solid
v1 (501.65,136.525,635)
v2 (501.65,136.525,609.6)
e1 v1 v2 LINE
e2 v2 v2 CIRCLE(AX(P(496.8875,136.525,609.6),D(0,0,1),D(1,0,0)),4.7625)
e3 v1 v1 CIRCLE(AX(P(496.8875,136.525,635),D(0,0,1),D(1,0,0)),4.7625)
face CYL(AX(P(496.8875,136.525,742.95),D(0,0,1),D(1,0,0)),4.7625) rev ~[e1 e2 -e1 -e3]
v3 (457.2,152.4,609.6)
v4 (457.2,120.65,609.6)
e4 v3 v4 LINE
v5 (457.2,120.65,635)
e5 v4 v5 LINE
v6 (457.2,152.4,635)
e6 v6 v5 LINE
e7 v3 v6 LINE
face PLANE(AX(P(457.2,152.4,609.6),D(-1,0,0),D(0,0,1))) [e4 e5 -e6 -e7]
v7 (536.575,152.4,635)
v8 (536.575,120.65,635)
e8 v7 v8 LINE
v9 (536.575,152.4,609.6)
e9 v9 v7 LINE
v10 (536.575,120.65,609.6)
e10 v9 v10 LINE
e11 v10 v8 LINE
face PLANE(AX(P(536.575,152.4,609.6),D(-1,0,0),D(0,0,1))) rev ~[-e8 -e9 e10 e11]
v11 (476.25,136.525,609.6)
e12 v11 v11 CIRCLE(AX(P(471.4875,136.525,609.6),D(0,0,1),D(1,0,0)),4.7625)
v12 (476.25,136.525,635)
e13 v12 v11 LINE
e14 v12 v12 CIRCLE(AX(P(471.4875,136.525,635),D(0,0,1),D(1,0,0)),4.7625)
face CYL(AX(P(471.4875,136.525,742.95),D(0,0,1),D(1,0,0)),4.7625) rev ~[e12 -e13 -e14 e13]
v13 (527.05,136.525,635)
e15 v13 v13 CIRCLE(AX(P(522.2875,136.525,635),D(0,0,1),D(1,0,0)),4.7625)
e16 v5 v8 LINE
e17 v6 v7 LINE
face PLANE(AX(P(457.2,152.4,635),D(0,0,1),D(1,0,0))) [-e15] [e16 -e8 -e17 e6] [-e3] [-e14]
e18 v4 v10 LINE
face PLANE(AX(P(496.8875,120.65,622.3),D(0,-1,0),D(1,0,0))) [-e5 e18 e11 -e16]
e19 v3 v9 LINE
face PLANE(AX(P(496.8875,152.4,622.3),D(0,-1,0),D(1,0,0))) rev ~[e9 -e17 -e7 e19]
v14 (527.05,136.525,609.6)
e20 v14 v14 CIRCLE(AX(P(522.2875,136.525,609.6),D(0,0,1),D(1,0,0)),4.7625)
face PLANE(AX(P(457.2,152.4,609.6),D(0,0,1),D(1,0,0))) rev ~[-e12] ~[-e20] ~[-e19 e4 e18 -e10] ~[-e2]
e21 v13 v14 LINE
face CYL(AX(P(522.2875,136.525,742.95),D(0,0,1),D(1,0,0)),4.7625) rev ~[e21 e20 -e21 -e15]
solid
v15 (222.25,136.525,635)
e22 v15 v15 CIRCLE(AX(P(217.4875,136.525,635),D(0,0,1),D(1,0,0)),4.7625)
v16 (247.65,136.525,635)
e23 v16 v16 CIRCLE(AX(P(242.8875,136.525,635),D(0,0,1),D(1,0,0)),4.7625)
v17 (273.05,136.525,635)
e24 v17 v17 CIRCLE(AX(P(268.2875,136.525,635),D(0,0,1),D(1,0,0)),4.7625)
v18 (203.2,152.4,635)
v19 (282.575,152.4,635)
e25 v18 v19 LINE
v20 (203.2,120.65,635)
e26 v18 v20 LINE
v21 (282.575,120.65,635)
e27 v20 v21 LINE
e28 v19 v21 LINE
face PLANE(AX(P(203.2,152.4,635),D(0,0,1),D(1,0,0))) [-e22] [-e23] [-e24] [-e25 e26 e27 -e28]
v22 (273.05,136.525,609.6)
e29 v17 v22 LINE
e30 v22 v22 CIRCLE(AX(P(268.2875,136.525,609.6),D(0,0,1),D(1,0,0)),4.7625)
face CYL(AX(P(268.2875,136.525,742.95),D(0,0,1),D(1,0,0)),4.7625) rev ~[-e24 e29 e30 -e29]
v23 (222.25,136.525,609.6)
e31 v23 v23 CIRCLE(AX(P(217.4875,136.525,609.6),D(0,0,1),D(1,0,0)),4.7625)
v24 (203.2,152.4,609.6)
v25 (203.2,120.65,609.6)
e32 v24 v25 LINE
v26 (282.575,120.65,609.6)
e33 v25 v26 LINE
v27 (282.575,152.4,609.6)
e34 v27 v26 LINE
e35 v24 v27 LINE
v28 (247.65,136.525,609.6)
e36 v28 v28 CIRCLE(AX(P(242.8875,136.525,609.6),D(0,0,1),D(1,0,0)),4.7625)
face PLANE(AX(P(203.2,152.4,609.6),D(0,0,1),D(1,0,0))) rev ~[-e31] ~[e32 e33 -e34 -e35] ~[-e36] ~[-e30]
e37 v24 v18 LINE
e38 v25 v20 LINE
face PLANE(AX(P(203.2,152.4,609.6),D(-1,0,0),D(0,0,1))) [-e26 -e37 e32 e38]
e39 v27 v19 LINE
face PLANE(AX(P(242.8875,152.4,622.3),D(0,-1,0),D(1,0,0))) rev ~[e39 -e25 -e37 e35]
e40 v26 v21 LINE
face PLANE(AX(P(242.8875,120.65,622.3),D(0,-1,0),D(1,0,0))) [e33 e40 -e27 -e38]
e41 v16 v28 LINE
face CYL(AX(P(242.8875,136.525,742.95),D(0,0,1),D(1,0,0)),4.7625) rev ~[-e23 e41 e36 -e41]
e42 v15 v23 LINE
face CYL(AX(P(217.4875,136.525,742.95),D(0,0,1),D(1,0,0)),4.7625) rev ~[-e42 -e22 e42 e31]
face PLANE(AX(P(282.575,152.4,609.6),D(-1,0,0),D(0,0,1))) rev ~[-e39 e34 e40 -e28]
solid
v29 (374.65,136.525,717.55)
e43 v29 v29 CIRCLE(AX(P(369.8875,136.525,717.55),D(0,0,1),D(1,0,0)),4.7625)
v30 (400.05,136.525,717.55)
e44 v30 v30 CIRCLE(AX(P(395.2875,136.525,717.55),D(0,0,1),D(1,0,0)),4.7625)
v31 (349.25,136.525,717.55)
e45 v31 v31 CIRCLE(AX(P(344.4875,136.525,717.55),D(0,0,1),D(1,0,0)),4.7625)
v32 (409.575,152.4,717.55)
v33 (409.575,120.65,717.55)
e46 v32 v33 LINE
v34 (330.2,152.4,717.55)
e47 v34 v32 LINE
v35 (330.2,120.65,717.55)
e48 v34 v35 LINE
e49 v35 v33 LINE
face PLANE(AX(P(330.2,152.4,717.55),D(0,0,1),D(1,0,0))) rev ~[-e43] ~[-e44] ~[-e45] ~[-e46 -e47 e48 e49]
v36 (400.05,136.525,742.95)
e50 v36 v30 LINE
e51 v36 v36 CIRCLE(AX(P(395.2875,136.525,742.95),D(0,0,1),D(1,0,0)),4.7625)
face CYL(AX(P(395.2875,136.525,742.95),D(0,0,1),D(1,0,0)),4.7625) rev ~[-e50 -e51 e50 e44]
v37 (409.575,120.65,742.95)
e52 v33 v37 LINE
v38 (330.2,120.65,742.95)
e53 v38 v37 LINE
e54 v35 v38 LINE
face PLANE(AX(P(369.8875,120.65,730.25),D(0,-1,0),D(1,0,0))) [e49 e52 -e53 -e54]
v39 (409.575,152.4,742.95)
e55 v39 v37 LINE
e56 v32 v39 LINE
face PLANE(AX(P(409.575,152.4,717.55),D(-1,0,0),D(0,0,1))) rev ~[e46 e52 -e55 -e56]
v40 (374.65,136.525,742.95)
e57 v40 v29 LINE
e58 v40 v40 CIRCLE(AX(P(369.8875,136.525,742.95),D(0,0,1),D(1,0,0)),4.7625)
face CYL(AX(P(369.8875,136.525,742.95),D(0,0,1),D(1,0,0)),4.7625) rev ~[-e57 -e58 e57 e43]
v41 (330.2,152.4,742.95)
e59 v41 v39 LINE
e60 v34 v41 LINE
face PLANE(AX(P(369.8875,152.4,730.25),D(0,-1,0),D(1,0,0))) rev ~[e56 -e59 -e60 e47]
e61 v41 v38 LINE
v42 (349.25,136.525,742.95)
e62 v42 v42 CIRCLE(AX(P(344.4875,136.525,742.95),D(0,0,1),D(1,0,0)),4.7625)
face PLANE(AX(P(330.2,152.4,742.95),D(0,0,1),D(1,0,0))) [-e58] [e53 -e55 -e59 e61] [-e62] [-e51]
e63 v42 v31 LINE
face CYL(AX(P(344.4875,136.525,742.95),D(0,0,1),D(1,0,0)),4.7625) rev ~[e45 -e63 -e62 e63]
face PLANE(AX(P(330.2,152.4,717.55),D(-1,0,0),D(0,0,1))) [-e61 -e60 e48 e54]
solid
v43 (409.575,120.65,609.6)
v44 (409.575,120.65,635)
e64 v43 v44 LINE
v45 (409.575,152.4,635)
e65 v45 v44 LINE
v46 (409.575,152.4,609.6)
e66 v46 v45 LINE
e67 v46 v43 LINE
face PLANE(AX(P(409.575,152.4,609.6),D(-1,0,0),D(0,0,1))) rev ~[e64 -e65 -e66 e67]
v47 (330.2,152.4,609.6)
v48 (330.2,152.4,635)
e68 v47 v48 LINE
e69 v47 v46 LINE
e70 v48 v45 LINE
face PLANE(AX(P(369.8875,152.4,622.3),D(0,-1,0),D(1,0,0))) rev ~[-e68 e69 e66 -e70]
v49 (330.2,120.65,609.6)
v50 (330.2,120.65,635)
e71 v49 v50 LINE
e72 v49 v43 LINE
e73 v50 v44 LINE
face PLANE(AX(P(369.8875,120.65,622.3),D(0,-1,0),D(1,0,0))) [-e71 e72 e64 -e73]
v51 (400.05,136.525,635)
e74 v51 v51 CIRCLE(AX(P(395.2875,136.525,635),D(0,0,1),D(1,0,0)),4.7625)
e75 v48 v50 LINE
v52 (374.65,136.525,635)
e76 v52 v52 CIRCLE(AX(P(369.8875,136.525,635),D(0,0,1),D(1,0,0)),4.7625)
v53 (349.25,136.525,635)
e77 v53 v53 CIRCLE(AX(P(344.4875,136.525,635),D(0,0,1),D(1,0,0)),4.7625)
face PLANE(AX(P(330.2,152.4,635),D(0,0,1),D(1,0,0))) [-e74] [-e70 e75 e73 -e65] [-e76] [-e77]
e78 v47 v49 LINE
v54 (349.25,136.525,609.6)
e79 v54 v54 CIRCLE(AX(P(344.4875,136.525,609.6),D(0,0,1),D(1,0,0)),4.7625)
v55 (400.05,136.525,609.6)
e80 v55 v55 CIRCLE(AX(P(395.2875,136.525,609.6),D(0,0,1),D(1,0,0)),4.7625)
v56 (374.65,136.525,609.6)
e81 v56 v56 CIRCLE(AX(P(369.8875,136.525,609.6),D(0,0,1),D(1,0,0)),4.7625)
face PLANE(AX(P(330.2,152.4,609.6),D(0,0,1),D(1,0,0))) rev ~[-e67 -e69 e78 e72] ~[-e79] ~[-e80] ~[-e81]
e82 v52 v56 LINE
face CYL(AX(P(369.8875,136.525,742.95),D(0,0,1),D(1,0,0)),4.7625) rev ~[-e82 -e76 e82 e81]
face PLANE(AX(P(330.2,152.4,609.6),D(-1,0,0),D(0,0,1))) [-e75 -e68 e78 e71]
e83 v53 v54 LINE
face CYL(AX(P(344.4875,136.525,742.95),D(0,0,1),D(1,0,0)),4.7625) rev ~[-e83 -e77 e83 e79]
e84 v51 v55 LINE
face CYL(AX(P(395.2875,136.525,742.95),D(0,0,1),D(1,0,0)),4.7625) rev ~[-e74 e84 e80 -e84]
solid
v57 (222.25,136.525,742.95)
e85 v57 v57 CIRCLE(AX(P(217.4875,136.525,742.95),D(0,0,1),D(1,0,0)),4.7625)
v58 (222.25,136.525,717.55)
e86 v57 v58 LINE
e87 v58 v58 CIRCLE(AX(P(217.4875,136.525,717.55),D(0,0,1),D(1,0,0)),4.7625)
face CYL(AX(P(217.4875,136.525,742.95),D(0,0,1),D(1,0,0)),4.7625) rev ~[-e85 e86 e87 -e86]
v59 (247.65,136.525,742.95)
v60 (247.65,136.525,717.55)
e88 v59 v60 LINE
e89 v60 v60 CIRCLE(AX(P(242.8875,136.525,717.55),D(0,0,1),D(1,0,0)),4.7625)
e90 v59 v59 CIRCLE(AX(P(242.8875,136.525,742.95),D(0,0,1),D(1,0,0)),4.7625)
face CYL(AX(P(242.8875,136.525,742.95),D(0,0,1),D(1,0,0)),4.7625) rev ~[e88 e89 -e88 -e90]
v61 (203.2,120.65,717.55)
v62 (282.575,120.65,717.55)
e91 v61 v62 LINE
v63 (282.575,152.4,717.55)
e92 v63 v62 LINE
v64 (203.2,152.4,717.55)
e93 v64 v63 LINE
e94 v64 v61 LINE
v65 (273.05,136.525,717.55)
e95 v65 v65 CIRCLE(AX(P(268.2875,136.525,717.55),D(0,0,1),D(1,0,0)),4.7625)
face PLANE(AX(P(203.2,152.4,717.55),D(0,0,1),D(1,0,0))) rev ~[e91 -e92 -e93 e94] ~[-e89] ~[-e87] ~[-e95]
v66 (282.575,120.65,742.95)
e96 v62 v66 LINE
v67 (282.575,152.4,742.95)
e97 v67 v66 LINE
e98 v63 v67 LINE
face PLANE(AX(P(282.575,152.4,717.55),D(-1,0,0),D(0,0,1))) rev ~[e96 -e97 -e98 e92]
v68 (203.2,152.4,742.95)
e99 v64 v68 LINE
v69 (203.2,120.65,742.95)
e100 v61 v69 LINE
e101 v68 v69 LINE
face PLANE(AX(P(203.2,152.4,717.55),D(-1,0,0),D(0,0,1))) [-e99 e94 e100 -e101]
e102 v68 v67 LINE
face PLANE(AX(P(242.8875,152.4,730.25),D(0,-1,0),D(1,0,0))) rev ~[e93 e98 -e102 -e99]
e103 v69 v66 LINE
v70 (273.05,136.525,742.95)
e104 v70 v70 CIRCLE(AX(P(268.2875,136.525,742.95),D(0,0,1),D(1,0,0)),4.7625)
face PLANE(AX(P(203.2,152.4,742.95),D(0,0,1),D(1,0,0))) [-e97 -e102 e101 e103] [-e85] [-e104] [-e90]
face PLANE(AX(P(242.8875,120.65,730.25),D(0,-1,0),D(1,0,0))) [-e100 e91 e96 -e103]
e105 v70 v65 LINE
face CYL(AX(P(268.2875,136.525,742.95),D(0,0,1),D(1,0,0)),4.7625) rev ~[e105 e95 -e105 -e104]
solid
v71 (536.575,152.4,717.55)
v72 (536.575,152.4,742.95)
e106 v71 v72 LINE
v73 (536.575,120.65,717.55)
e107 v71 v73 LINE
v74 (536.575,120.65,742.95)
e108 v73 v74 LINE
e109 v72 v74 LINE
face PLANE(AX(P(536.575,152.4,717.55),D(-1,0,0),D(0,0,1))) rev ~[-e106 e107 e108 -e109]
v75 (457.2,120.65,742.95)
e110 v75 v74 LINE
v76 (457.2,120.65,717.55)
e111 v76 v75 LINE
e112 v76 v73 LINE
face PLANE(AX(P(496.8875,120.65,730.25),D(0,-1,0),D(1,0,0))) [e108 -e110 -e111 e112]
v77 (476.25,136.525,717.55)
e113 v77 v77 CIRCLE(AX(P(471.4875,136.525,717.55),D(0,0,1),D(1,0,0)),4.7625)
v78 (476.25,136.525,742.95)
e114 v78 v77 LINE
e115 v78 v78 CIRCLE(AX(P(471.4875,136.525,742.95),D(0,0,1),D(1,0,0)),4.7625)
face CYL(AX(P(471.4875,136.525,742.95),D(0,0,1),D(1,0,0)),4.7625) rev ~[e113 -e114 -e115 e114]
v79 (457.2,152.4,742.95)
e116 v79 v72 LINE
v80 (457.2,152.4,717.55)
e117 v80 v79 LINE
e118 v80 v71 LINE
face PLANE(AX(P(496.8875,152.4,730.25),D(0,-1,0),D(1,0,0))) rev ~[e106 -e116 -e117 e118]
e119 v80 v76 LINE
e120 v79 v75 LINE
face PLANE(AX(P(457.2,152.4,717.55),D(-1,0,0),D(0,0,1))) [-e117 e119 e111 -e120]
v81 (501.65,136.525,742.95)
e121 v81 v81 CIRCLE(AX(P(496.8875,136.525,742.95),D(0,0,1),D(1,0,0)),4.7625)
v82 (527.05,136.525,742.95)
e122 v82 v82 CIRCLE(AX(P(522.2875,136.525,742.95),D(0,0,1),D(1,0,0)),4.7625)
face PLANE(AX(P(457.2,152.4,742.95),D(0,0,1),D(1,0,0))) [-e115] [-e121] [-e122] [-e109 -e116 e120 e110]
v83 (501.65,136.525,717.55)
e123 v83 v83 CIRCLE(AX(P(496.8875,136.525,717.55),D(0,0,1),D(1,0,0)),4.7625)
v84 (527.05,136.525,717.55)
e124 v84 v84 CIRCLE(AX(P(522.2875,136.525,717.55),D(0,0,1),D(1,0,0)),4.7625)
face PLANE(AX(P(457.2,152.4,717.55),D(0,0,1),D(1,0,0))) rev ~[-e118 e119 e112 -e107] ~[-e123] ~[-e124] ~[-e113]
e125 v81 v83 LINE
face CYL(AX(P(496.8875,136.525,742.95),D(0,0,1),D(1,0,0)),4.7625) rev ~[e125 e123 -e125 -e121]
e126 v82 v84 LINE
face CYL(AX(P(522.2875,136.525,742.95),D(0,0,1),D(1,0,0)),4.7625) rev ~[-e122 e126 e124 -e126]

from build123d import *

# Parameters (mm, degrees)
F1_W     = 79.375
F1_H     = 25.4
F2_DEPTH = 31.75
F3_R     = 4.7625
F4_DEPTH = 133.351


with BuildPart() as f2:
    # F1 (on offset) → F2 (new body)
    with BuildSketch(Plane.XZ.offset(-152.4)):
        with Locations((242.8875, 730.25)):
            Rectangle(F1_W, F1_H)
        with Locations((369.8875, 730.25)):
            Rectangle(F1_W, F1_H)
        with Locations((496.8875, 730.25)):
            Rectangle(F1_W, F1_H)
        with Locations((242.8875, 622.3)):
            Rectangle(F1_W, F1_H)
        with Locations((369.8875, 622.3)):
            Rectangle(F1_W, F1_H)
        with Locations((496.8875, 622.3)):
            Rectangle(F1_W, F1_H)
    extrude(amount=F2_DEPTH)

    # F3 (on face) → F4 (cut, through all)
    with BuildSketch(Plane.XY.offset(742.95)):
        with Locations((217.4875, 136.525)):
            Circle(F3_R)
        with Locations((242.8875, 136.525)):
            Circle(F3_R)
        with Locations((268.2875, 136.525)):
            Circle(F3_R)
        with Locations((344.4875, 136.525)):
            Circle(F3_R)
        with Locations((369.8875, 136.525)):
            Circle(F3_R)
        with Locations((395.2875, 136.525)):
            Circle(F3_R)
        with Locations((471.4875, 136.525)):
            Circle(F3_R)
        with Locations((496.8875, 136.525)):
            Circle(F3_R)
        with Locations((522.2875, 136.525)):
            Circle(F3_R)
    extrude(amount=-F4_DEPTH, mode=Mode.SUBTRACT)


solid = f2.part
